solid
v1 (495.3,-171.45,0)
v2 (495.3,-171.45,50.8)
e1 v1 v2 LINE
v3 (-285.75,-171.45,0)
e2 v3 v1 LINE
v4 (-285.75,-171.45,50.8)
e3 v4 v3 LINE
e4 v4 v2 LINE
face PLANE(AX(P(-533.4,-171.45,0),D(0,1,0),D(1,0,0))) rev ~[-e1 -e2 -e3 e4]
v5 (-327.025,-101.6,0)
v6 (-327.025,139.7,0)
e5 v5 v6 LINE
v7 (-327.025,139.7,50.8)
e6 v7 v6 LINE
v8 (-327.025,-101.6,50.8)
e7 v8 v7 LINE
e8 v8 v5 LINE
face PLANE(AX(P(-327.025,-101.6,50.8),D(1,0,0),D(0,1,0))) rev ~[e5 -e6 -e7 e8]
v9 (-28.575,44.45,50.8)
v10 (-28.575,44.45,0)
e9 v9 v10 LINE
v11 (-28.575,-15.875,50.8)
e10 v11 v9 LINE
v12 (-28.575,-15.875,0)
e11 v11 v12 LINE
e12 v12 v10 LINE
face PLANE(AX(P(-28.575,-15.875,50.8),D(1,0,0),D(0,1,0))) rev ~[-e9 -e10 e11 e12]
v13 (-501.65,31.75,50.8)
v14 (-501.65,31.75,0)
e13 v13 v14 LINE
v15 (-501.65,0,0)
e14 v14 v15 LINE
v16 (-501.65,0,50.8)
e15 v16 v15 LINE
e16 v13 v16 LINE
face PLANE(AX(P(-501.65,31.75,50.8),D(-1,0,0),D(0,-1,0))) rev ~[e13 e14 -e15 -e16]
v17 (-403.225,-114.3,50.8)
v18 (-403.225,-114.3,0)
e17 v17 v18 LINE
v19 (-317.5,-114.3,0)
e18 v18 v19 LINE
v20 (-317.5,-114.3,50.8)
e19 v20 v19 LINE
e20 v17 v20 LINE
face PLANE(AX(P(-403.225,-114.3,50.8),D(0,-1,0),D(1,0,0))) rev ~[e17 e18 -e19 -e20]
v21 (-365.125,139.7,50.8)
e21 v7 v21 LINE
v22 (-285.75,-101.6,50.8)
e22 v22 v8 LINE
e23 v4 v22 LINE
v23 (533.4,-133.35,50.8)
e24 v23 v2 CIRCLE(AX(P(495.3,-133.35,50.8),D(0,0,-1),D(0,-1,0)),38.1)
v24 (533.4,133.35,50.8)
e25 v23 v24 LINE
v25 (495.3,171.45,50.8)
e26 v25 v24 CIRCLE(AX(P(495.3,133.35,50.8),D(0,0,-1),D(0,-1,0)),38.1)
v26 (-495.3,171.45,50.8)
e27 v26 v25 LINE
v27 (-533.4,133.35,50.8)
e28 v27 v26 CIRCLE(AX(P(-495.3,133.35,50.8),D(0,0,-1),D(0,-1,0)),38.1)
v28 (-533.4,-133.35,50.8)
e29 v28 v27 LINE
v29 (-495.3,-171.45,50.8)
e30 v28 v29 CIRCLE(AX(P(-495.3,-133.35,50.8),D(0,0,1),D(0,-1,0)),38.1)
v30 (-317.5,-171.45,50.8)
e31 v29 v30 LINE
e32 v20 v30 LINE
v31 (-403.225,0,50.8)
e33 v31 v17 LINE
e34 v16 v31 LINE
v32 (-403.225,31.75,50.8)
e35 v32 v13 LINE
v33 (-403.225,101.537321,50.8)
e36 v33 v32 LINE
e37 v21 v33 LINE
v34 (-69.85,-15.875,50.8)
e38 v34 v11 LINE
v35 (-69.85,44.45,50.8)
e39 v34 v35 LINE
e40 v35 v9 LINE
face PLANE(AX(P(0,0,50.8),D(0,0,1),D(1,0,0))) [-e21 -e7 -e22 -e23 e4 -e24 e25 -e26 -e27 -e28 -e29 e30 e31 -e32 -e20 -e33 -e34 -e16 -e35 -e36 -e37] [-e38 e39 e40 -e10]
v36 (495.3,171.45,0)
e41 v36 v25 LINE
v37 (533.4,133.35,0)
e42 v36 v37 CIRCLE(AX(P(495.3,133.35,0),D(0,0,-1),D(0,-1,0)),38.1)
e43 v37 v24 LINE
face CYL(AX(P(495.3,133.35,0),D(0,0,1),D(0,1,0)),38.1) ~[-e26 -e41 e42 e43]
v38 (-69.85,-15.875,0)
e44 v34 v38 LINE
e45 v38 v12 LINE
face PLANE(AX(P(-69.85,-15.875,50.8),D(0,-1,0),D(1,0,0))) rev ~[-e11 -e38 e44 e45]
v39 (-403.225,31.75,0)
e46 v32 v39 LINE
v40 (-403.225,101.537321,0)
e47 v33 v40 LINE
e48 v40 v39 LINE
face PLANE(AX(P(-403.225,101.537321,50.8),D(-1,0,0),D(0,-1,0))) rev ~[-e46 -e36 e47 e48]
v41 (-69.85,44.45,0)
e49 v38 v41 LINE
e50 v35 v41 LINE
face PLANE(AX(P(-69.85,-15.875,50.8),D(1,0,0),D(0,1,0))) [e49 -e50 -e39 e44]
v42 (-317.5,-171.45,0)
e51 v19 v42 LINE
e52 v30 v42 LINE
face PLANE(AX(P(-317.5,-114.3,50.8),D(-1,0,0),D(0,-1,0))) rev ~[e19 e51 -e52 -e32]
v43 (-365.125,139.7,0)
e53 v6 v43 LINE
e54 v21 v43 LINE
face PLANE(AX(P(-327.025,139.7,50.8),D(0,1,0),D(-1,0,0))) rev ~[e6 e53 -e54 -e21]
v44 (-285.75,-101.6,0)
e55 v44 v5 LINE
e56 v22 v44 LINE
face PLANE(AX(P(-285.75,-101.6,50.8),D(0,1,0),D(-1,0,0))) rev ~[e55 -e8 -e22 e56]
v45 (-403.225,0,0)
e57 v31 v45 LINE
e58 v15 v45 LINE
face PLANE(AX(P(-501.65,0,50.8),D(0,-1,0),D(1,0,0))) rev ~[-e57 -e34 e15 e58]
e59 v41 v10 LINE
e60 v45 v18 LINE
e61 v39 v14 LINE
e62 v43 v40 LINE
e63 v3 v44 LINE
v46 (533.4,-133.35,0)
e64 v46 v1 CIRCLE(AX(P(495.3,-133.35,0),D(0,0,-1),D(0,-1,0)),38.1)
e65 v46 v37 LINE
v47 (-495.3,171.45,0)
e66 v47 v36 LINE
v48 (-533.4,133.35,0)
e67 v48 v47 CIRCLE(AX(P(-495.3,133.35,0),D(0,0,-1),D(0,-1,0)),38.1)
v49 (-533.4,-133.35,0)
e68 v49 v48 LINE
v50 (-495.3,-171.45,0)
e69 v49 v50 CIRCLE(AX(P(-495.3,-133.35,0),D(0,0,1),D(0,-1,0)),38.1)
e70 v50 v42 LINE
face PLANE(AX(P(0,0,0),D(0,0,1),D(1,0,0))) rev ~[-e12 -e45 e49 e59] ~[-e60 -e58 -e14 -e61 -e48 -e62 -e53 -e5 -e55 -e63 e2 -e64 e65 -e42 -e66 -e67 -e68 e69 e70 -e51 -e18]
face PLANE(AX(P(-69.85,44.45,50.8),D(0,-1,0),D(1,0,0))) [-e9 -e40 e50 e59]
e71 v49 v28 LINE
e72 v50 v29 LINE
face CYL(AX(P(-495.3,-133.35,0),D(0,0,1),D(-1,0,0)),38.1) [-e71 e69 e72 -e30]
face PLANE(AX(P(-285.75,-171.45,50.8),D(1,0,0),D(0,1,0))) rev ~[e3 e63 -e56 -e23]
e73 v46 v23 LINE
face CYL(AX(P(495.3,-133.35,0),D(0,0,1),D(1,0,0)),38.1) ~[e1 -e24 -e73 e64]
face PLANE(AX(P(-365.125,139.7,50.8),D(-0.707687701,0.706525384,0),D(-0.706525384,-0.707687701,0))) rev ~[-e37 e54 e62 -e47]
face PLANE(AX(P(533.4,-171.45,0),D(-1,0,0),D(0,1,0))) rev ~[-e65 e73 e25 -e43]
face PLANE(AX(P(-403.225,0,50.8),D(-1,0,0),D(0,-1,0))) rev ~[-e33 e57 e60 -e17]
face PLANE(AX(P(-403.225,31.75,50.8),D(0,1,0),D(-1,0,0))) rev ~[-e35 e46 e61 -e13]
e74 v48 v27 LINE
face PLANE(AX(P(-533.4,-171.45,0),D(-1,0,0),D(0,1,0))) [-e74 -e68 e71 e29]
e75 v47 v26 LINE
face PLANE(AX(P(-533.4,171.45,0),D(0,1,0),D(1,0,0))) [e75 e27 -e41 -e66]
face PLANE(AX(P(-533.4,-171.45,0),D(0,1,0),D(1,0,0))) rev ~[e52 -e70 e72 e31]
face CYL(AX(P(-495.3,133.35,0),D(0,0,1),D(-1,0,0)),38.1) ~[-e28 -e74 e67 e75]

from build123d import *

# Parameters (mm, degrees)
F0_W     = 1066.8
F0_H     = 342.9
F1_DEPTH = 50.8
F2_W     = 41.275
F2_H     = 60.325
F3_DEPTH = 50.8
F4_R     = 38.1


with BuildPart() as f1:
    # F0 (on Top) → F1 (new body)
    with BuildSketch(Plane.XY):
        Rectangle(F0_W, F0_H)
    extrude(amount=F1_DEPTH)

    # F2 (on face) → F3 (cut)
    with BuildSketch(Plane.XY.offset(50.8)):
        Polygon((-317.5, -114.3), (-317.5, -171.45), (-285.75, -171.45), (-285.75, -101.6), (-327.025, -101.6), (-327.025, 139.7), (-365.125, 139.7), (-403.225, 101.537321), (-403.225, 31.75), (-501.65, 31.75), (-501.65, 0), (-403.225, 0), (-403.225, -114.3), align=None)
        with Locations((-49.2125, 14.2875)):
            Rectangle(F2_W, F2_H)
    extrude(amount=-F3_DEPTH, mode=Mode.SUBTRACT)

    # F4
    f4_edges = [f1.edges().sort_by_distance(p)[0] for p in [
        (-533.4, 171.45, 25.4),
        (-533.4, -171.45, 25.4),
        (533.4, 171.45, 25.4),
        (533.4, -171.45, 25.4),
    ]]
    fillet(f4_edges, radius=F4_R)


solid = f1.part
